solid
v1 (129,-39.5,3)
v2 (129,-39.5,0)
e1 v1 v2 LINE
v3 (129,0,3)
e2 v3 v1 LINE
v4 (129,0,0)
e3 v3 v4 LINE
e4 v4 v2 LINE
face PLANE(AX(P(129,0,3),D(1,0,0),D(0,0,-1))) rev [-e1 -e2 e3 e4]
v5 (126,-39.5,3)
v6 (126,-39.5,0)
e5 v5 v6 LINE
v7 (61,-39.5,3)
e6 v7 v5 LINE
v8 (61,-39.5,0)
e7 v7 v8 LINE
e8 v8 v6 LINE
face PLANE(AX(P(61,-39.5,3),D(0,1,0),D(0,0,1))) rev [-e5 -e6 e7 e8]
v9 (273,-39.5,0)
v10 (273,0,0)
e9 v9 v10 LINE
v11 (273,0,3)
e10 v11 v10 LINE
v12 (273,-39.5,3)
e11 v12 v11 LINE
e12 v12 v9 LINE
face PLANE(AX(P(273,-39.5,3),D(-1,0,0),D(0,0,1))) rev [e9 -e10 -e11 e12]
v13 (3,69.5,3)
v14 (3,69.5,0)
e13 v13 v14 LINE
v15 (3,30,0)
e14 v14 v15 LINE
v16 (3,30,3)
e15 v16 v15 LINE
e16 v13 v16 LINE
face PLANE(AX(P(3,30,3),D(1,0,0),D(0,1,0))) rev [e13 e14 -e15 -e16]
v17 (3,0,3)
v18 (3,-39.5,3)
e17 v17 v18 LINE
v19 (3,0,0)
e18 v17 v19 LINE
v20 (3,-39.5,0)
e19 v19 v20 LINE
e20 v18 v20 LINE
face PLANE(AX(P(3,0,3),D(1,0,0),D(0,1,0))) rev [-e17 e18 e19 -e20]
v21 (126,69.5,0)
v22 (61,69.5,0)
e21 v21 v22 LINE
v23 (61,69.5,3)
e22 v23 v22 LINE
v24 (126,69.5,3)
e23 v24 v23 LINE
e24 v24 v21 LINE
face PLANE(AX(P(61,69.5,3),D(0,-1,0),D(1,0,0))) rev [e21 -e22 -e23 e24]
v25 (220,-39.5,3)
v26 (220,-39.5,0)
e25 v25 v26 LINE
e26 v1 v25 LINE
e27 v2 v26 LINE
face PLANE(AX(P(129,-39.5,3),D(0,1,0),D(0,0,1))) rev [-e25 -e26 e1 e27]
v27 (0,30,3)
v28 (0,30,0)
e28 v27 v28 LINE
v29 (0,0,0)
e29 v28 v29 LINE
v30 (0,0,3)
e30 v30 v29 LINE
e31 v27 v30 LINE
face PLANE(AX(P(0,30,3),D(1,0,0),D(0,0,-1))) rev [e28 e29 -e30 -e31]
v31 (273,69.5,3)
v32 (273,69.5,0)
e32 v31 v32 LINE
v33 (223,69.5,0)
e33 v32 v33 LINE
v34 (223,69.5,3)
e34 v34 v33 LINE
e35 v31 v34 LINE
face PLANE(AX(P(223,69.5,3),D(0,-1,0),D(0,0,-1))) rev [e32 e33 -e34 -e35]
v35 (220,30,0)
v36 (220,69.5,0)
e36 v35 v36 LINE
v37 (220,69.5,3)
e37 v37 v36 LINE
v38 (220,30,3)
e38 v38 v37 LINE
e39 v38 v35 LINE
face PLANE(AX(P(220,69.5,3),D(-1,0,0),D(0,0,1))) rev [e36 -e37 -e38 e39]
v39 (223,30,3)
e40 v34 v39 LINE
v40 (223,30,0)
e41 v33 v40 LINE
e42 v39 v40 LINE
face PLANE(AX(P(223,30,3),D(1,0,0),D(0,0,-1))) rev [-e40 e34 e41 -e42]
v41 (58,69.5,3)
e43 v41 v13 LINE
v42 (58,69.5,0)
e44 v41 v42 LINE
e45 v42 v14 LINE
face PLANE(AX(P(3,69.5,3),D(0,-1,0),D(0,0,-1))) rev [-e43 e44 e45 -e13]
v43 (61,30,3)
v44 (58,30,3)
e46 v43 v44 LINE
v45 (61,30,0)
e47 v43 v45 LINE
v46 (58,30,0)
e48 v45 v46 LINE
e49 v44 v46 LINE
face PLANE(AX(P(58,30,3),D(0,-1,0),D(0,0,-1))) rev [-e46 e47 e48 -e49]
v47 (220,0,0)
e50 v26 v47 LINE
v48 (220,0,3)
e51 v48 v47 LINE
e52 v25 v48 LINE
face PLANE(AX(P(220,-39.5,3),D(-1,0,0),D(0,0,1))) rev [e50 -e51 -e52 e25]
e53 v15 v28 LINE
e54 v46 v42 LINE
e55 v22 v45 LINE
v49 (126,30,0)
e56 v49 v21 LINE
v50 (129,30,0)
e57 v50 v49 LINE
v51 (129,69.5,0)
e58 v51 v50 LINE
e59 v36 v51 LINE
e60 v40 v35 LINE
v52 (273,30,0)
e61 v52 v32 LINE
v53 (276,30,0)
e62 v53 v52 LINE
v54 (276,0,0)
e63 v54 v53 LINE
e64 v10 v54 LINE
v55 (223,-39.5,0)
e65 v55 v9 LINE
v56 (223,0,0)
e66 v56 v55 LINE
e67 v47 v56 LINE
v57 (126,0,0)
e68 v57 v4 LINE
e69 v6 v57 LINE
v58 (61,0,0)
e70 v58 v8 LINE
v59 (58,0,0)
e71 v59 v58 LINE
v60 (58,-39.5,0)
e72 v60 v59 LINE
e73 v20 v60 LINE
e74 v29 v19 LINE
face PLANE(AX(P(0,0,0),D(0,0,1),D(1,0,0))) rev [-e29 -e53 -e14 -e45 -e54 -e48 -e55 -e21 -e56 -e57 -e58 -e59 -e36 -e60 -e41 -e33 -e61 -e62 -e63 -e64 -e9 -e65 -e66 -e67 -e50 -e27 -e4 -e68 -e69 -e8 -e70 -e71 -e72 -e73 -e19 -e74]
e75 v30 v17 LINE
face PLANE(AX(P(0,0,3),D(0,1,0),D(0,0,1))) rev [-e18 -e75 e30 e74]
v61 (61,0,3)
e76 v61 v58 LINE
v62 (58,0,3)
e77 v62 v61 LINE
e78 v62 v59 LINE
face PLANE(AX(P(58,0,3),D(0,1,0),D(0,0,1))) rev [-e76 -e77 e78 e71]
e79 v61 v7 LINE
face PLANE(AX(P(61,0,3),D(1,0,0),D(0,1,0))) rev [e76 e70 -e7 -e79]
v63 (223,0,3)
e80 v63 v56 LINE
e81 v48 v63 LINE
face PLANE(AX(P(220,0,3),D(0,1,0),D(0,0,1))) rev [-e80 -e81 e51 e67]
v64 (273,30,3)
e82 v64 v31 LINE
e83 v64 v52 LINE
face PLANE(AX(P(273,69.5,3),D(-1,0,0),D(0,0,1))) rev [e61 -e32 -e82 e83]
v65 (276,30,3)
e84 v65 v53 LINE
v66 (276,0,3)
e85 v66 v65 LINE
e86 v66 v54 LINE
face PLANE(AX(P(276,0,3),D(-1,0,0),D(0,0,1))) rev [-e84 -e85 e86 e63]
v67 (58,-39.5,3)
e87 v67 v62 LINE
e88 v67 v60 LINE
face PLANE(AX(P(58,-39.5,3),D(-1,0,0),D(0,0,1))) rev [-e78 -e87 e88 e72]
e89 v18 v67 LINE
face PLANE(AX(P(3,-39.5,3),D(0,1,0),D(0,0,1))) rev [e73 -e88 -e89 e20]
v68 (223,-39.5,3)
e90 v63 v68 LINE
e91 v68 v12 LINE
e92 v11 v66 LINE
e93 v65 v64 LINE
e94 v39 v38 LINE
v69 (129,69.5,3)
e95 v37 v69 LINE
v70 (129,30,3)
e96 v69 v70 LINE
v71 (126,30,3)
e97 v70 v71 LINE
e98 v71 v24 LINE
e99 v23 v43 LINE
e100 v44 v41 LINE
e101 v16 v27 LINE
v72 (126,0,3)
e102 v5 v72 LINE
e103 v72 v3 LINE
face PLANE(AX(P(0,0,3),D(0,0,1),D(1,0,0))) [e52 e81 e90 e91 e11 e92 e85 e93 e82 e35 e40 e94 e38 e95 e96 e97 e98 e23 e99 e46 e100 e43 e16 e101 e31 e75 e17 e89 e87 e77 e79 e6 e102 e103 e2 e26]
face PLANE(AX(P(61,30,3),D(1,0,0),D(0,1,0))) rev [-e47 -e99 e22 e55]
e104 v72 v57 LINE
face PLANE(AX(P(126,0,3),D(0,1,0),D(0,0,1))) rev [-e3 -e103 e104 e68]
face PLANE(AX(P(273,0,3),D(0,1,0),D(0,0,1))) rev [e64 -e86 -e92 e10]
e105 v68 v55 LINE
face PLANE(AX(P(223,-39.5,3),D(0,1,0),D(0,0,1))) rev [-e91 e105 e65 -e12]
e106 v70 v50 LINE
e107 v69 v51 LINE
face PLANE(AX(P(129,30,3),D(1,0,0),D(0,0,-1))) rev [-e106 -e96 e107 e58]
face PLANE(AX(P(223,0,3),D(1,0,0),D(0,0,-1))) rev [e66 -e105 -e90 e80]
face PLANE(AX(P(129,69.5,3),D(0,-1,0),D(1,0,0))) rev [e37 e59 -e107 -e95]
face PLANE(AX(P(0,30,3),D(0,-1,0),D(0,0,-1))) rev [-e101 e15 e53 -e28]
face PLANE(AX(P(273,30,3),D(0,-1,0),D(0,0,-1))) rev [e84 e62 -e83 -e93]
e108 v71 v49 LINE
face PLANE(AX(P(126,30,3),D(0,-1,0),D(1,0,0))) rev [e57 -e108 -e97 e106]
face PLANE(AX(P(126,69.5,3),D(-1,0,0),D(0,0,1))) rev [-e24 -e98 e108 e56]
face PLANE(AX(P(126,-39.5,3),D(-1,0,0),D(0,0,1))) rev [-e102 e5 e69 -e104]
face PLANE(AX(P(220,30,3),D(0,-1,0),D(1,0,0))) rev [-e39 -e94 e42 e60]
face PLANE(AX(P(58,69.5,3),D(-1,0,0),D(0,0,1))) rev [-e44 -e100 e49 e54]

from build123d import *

# Parameters (mm, degrees)
BOSS_EXTRUDE1_DEPTH = 3


with BuildPart() as part:
    # Sketch1 → Boss-Extrude1 (new body)
    with BuildSketch(Plane.XY):
        Polygon((0, 0), (3, 0), (3, -39.5), (58, -39.5), (58, 0), (61, 0), (61, -39.5), (126, -39.5), (126, 0), (129, 0), (129, -39.5), (220, -39.5), (220, 0), (223, 0), (223, -39.5), (273, -39.5), (273, 0), (276, 0), (276, 30), (273, 30), (273, 69.5), (223, 69.5), (223, 30), (220, 30), (220, 69.5), (129, 69.5), (129, 30), (126, 30), (126, 69.5), (61, 69.5), (61, 30), (58, 30), (58, 69.5), (3, 69.5), (3, 30), (0, 30), align=None)
    extrude(amount=BOSS_EXTRUDE1_DEPTH)


solid = part.part
